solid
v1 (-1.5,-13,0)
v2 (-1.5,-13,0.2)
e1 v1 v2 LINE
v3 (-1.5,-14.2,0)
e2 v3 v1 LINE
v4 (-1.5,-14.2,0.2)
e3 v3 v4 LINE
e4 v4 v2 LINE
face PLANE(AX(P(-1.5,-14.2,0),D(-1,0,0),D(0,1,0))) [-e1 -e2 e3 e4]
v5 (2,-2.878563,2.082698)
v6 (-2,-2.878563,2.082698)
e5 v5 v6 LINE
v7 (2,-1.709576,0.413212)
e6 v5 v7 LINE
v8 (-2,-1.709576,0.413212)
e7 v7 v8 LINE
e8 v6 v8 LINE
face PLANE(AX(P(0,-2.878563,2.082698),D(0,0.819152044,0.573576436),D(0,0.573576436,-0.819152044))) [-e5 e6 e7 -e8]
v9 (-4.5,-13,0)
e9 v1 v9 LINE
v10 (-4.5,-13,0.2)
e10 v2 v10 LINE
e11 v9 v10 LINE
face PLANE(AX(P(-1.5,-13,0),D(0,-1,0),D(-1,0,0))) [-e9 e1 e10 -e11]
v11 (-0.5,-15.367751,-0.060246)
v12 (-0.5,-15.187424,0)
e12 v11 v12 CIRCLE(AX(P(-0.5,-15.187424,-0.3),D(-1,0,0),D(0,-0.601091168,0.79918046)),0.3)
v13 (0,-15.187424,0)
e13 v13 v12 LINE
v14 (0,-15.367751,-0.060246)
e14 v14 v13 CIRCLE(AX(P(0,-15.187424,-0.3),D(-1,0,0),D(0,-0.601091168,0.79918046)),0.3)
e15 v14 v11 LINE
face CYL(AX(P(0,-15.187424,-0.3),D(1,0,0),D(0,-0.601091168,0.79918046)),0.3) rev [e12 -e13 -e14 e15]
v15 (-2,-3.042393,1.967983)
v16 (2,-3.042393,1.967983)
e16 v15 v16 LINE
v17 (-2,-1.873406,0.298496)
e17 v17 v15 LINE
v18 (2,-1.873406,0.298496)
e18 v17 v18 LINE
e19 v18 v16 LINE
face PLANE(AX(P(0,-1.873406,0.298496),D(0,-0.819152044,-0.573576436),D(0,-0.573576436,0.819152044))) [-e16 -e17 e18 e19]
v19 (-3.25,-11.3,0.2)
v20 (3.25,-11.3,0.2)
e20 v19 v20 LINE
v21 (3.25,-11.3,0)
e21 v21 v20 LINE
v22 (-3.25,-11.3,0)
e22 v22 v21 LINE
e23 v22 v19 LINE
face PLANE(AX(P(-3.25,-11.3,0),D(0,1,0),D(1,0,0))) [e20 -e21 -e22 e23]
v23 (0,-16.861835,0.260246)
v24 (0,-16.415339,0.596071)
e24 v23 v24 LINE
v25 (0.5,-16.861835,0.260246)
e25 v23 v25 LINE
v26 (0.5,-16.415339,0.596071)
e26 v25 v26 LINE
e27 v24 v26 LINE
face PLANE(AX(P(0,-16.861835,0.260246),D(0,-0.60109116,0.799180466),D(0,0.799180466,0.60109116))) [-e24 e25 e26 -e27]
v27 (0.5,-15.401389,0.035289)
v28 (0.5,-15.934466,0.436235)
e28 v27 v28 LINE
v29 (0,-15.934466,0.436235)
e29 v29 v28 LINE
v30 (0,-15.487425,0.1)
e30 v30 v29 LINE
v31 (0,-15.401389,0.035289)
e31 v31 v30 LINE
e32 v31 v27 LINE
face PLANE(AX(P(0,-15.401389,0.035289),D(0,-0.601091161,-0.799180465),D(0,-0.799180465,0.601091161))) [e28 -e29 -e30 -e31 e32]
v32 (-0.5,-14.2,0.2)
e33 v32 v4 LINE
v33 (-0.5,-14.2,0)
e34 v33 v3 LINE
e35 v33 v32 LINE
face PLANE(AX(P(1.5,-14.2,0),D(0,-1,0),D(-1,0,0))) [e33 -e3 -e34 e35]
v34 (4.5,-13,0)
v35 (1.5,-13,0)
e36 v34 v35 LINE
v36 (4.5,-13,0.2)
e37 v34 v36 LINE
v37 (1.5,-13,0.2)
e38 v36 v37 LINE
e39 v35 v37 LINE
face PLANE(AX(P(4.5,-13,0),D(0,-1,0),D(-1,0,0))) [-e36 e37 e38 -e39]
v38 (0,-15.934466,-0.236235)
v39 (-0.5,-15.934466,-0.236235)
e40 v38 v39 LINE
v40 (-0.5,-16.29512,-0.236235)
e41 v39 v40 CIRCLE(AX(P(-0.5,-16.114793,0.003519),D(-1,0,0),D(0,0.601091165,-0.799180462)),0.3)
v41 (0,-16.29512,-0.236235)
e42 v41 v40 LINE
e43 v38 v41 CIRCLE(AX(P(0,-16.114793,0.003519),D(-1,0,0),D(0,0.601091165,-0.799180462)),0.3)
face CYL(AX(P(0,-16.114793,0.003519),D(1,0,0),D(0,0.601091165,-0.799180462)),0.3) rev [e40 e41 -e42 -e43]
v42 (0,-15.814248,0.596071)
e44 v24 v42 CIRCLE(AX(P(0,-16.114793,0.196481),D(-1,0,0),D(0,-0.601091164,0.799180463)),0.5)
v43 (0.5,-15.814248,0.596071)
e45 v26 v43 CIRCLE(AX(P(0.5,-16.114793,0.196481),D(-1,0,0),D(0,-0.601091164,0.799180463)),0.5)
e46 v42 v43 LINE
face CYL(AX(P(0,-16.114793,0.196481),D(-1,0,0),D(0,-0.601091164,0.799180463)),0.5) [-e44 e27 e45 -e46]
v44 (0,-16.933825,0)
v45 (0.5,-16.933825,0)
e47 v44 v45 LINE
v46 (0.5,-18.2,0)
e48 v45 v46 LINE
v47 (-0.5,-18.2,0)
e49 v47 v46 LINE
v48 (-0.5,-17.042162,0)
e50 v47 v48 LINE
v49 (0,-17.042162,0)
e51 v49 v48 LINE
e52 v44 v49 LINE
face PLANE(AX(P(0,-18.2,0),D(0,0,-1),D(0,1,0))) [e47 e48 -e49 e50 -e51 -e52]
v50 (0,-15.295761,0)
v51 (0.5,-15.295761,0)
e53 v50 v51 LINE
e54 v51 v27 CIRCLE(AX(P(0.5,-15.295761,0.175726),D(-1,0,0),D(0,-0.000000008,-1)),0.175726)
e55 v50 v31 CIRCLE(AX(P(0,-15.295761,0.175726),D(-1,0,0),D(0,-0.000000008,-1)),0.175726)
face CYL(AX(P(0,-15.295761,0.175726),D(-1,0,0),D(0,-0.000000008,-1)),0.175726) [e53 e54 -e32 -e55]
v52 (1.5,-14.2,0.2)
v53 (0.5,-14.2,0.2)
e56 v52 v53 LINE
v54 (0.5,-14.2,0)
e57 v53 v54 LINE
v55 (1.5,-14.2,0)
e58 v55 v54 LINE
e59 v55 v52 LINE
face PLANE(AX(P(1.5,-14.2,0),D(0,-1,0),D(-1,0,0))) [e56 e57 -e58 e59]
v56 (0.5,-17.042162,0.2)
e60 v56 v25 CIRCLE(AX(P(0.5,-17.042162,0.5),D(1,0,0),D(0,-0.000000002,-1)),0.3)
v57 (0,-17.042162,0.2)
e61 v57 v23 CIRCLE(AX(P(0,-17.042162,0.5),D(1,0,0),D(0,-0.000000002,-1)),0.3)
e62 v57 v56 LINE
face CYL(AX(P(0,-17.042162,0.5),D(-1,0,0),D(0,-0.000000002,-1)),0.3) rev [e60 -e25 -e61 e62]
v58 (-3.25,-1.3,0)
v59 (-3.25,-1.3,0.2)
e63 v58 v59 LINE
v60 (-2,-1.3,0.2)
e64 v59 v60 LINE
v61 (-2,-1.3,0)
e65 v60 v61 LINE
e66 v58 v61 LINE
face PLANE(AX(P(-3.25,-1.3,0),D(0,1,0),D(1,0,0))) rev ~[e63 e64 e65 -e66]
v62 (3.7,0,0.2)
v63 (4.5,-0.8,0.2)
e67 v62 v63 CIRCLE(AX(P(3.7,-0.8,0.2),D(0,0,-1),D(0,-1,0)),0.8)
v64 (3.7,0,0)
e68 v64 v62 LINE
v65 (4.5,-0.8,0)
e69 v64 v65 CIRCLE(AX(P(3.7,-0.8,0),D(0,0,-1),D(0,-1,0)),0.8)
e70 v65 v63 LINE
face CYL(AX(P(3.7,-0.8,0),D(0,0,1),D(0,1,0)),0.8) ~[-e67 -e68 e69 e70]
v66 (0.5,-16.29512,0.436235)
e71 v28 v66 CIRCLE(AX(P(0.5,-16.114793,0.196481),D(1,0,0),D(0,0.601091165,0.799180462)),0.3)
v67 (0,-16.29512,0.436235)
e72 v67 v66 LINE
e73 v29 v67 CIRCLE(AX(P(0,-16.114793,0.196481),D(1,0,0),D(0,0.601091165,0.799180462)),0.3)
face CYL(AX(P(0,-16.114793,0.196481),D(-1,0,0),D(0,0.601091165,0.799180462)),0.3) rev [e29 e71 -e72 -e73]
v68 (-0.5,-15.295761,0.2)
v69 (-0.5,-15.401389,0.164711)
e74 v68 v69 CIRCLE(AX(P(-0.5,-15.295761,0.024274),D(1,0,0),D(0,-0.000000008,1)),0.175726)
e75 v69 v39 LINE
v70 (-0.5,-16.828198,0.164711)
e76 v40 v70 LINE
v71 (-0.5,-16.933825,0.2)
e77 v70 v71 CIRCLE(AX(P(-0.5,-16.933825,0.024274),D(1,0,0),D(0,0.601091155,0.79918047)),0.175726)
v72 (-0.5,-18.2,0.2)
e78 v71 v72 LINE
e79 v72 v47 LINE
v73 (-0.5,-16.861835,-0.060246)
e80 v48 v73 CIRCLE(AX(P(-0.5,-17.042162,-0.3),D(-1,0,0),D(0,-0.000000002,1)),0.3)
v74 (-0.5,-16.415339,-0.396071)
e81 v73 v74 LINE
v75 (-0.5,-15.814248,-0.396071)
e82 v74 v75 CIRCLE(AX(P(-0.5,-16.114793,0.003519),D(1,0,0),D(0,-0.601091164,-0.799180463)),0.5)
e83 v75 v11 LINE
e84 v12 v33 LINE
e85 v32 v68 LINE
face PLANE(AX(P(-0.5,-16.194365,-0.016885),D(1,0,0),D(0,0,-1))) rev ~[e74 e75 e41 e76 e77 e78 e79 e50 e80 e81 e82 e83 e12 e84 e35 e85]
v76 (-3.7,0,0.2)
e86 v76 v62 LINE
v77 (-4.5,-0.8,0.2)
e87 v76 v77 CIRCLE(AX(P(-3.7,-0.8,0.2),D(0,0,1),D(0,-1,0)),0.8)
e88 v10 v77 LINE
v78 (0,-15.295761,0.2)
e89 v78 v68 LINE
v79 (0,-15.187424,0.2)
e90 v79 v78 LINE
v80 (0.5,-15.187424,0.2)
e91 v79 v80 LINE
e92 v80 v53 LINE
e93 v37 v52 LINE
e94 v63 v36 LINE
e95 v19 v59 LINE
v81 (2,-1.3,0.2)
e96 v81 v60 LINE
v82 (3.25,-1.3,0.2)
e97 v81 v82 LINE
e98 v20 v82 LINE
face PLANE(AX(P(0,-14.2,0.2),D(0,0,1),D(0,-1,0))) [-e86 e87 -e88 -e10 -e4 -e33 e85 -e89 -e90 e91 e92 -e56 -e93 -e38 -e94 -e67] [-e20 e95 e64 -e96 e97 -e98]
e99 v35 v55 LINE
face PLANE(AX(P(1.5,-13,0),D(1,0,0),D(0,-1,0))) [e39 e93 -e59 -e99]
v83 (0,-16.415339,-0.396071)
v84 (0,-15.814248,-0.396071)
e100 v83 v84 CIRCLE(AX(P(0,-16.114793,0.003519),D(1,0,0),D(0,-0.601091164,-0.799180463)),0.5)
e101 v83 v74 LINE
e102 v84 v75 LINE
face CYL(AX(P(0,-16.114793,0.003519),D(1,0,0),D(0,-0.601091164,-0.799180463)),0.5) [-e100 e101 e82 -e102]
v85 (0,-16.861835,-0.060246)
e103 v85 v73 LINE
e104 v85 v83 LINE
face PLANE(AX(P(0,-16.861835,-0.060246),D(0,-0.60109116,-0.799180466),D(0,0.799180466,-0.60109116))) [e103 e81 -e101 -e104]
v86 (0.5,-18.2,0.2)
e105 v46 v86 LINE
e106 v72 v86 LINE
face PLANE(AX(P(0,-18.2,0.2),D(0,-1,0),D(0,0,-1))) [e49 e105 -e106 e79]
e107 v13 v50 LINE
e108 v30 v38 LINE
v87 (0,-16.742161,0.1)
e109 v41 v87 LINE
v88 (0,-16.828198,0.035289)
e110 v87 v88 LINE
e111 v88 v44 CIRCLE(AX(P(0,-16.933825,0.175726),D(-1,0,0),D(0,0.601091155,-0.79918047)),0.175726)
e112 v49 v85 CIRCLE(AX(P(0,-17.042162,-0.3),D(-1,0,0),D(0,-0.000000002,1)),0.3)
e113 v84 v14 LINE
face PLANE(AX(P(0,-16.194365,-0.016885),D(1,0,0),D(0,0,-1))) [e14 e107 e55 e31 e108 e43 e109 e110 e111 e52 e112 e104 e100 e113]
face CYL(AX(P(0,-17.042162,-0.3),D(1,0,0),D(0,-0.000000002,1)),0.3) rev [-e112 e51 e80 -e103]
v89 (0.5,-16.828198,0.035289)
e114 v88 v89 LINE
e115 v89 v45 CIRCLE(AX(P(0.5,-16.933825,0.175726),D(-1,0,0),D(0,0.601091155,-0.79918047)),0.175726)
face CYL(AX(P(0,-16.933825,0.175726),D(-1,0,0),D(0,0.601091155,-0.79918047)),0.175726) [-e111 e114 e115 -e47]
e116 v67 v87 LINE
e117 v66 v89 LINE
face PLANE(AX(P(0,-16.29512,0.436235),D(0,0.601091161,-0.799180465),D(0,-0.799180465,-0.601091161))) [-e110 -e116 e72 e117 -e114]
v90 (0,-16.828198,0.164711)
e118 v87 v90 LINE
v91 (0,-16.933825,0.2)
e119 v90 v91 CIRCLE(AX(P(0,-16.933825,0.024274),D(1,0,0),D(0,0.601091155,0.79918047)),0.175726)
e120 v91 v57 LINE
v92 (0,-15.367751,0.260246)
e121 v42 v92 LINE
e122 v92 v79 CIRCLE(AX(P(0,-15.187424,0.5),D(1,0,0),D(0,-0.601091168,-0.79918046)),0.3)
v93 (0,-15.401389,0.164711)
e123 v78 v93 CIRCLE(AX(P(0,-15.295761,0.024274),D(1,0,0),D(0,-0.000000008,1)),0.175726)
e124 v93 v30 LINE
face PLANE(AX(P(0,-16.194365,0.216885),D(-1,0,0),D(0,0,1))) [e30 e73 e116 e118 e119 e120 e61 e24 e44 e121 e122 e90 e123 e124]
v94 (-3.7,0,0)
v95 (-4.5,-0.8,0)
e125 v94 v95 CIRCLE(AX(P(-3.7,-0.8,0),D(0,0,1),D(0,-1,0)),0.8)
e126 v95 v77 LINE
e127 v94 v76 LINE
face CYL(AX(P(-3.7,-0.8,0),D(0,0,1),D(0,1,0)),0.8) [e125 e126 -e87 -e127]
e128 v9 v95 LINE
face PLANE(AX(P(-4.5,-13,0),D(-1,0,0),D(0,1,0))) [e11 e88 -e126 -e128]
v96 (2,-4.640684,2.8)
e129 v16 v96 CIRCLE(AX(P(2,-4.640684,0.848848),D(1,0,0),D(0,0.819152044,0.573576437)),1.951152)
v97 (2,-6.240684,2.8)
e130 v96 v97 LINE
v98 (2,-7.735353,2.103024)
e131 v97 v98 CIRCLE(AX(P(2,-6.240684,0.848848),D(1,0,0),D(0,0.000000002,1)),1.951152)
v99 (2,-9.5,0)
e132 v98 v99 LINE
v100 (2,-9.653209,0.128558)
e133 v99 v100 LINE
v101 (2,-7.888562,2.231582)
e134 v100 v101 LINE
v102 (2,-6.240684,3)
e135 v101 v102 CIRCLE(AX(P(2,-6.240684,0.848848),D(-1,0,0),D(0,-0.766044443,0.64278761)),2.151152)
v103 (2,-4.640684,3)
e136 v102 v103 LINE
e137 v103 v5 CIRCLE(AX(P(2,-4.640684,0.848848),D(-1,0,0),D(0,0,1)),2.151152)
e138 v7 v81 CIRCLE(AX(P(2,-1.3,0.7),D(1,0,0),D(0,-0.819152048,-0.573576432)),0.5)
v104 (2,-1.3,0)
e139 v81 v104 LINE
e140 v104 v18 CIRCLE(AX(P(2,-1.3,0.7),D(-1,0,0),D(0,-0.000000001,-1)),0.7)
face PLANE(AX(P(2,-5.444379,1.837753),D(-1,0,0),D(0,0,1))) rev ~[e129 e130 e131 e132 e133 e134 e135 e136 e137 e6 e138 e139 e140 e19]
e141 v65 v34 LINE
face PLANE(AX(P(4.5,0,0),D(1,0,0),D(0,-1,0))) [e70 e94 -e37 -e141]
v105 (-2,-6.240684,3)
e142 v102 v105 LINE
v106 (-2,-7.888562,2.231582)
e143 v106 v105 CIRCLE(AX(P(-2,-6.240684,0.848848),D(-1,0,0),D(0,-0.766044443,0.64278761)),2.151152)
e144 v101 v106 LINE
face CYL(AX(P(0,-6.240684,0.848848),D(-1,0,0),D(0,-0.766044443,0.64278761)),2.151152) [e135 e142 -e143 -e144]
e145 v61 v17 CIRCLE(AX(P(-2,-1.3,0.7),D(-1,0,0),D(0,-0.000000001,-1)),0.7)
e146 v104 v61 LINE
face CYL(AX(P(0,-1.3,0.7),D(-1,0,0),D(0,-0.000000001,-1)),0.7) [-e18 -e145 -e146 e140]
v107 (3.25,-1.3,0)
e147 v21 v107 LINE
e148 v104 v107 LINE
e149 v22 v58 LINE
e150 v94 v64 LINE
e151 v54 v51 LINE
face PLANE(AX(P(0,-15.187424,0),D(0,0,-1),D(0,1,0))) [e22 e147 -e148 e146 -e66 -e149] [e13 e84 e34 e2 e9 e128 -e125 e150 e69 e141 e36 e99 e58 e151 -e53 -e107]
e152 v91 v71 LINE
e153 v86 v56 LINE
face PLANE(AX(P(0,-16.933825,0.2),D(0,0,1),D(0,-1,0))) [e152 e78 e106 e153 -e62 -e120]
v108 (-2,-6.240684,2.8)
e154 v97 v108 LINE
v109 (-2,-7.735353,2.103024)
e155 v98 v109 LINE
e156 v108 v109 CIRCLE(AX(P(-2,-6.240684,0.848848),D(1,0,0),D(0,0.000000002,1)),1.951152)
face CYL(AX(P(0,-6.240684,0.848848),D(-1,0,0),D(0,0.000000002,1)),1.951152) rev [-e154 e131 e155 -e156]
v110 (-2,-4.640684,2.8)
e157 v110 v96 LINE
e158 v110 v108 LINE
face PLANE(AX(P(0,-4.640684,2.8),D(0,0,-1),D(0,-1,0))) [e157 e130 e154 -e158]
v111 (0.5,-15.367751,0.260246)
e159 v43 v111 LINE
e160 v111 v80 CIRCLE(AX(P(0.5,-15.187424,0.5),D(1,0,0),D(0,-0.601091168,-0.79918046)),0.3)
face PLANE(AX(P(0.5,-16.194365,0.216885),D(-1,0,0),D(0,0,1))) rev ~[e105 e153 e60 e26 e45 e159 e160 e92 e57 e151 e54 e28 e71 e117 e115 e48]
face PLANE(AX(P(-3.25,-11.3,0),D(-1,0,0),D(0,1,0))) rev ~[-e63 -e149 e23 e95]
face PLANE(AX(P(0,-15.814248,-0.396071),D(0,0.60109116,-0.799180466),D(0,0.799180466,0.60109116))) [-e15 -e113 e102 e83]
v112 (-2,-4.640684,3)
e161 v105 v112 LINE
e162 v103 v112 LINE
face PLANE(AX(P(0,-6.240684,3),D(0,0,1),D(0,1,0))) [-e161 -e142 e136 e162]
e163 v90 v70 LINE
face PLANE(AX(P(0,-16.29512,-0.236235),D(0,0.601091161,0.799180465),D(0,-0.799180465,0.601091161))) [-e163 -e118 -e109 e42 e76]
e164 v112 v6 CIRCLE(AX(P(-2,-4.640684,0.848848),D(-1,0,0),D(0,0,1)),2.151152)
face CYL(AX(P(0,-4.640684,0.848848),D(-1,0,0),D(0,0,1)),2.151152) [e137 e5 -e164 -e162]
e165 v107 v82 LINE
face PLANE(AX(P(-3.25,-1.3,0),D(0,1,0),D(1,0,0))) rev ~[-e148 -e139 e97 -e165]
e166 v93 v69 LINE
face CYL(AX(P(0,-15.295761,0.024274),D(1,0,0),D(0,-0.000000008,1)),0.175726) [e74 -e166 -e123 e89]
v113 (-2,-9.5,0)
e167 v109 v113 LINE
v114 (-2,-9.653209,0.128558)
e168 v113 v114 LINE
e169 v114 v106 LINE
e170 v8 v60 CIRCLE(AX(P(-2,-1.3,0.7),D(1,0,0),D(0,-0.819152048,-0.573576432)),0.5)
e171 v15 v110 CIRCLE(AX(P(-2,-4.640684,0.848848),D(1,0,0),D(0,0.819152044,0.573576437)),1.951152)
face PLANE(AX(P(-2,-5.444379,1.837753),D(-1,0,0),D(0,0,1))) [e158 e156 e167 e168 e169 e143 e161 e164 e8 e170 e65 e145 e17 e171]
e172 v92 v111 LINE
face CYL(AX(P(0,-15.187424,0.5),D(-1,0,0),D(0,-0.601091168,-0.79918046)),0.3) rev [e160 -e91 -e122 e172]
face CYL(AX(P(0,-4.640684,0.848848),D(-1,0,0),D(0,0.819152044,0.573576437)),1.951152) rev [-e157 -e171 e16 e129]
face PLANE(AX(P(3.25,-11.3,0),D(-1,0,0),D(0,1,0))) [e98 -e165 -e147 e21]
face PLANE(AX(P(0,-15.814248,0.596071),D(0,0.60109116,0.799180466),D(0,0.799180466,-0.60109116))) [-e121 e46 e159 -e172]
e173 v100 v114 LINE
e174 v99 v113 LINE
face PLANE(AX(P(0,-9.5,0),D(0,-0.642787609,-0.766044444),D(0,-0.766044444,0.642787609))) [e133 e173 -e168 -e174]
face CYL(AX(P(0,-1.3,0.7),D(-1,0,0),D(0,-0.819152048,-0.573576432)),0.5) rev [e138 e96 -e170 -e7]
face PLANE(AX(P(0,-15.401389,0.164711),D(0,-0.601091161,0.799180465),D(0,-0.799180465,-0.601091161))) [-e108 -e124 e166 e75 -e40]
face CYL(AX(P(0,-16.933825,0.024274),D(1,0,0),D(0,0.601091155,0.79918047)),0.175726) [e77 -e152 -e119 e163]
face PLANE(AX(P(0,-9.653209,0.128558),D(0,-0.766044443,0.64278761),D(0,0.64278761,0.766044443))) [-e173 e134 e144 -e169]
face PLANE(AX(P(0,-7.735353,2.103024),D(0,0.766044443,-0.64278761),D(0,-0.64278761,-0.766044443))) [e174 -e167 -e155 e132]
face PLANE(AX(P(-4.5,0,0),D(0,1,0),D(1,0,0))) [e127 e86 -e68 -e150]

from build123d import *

# Parameters (mm, degrees)
SKETCH1_W           = 6.5
SKETCH1_H           = 10
BOSS_EXTRUDE1_DEPTH = 0.2
BOSS_EXTRUDE2_DEPTH = 2
BOSS_EXTRUDE3_DEPTH = 0.5
FILLET1_R           = 0.8
BOSS_EXTRUDE7_DEPTH = 0.5


with BuildPart() as part:
    # Sketch1 → Boss-Extrude1 (new body)
    with BuildSketch(Plane.XY):
        Polygon((-4.5, 0), (4.5, 0), (4.5, -13), (1.5, -13), (1.5, -14.2), (-1.5, -14.2), (-1.5, -13), (-4.5, -13), align=None)
        with Locations((0, -6.3)):
            Rectangle(SKETCH1_W, SKETCH1_H, mode=Mode.SUBTRACT)
    extrude(amount=BOSS_EXTRUDE1_DEPTH)

    # Sketch2 → Boss-Extrude2 (add, symmetric)
    with BuildSketch(Plane.ZY):
        with BuildLine():
            Line((2.8, -4.64068371), (2.8, -6.24068371))
            ThreePointArc((2.8, -6.24068371), (2.617192211, -7.065276361), (2.103024175, -7.73535319))
            Line((2.103024175, -7.73535319), (0, -9.5))
            Line((0, -9.5), (0.128557522, -9.653208889))
            Line((0.128557522, -9.653208889), (2.231581697, -7.888562079))
            ThreePointArc((2.231581697, -7.888562079), (2.798453768, -7.149800013), (3, -6.24068371))
            Line((3, -6.24068371), (3, -4.64068371))
            ThreePointArc((3, -4.64068371), (2.756943079, -3.647392057), (2.082697913, -2.878562796))
            Line((2.082697913, -2.878562796), (0.413211782, -1.709576022))
            ThreePointArc((0.413211782, -1.709576022), (0.256494583, -1.530874307), (0.2, -1.3))
            Line((0.2, -1.3), (0, -1.3))
            ThreePointArc((0, -1.3), (0.079092417, -1.623224029), (0.298496495, -1.873406431))
            Line((0.298496495, -1.873406431), (1.967982626, -3.042393205))
            ThreePointArc((1.967982626, -3.042393205), (2.579540912, -3.73974178), (2.8, -4.64068371))
        make_face()
    extrude(amount=BOSS_EXTRUDE2_DEPTH, both=True)

    # Sketch4 → Boss-Extrude3 (add)
    with BuildSketch(Plane.ZY):
        with BuildLine():
            Line((0.2, -14.2), (0, -14.2))
            Line((0, -14.2), (0, -15.295761219))
            ThreePointArc((0, -15.295761219), (0.009055652, -15.351444505), (0.035289283, -15.401388772))
            Line((0.035289283, -15.401388772), (0.436234874, -15.93446579))
            ThreePointArc((0.436234874, -15.93446579), (0.496480735, -16.114793139), (0.436234874, -16.295120487))
            Line((0.436234874, -16.295120487), (0.035289283, -16.828197505))
            ThreePointArc((0.035289283, -16.828197505), (0.009055652, -16.878141772), (0, -16.933825058))
            Line((0, -16.933825058), (0, -18.2))
            Line((0, -18.2), (0.2, -18.2))
            Line((0.2, -18.2), (0.2, -17.042162177))
            ThreePointArc((0.2, -17.042162177), (0.215459808, -16.947099676), (0.260245861, -16.861834829))
            Line((0.260245861, -16.861834829), (0.596070967, -16.415338719))
            ThreePointArc((0.596070967, -16.415338719), (0.696480735, -16.114793139), (0.596070967, -15.814247558))
            Line((0.596070967, -15.814247558), (0.260245861, -15.367751448))
            ThreePointArc((0.260245861, -15.367751448), (0.215459808, -15.282486601), (0.2, -15.1874241))
            Line((0.2, -15.1874241), (0.2, -14.2))
        make_face()
    extrude(amount=-BOSS_EXTRUDE3_DEPTH)

    # Fillet1
    fillet1_edges = [part.edges().sort_by_distance(p)[0] for p in [
        (-4.5, 0, 0.1),
        (4.5, 0, 0.1),
    ]]
    fillet(fillet1_edges, radius=FILLET1_R)

    # Sketch7 → Boss-Extrude7 (add)
    with BuildSketch(Plane.ZY):
        with BuildLine():
            Line((0, -14.2), (0.2, -14.2))
            Line((0.2, -14.2), (0.2, -15.295761219))
            ThreePointArc((0.2, -15.295761219), (0.190944348, -15.351444505), (0.164710717, -15.401388772))
            Line((0.164710717, -15.401388772), (-0.236234874, -15.93446579))
            ThreePointArc((-0.236234874, -15.93446579), (-0.296480735, -16.114793139), (-0.236234874, -16.295120487))
            Line((-0.236234874, -16.295120487), (0.164710717, -16.828197505))
            ThreePointArc((0.164710717, -16.828197505), (0.190944348, -16.878141772), (0.2, -16.933825058))
            Line((0.2, -16.933825058), (0.2, -18.2))
            Line((0.2, -18.2), (0, -18.2))
            Line((0, -18.2), (0, -17.042162177))
            ThreePointArc((0, -17.042162177), (-0.015459808, -16.947099676), (-0.060245861, -16.861834829))
            Line((-0.060245861, -16.861834829), (-0.396070967, -16.415338719))
            ThreePointArc((-0.396070967, -16.415338719), (-0.496480735, -16.114793139), (-0.396070967, -15.814247558))
            Line((-0.396070967, -15.814247558), (-0.060245861, -15.367751448))
            ThreePointArc((-0.060245861, -15.367751448), (-0.015459808, -15.282486601), (0, -15.1874241))
            Line((0, -15.1874241), (0, -14.2))
        make_face()
    extrude(amount=BOSS_EXTRUDE7_DEPTH)


solid = part.part
